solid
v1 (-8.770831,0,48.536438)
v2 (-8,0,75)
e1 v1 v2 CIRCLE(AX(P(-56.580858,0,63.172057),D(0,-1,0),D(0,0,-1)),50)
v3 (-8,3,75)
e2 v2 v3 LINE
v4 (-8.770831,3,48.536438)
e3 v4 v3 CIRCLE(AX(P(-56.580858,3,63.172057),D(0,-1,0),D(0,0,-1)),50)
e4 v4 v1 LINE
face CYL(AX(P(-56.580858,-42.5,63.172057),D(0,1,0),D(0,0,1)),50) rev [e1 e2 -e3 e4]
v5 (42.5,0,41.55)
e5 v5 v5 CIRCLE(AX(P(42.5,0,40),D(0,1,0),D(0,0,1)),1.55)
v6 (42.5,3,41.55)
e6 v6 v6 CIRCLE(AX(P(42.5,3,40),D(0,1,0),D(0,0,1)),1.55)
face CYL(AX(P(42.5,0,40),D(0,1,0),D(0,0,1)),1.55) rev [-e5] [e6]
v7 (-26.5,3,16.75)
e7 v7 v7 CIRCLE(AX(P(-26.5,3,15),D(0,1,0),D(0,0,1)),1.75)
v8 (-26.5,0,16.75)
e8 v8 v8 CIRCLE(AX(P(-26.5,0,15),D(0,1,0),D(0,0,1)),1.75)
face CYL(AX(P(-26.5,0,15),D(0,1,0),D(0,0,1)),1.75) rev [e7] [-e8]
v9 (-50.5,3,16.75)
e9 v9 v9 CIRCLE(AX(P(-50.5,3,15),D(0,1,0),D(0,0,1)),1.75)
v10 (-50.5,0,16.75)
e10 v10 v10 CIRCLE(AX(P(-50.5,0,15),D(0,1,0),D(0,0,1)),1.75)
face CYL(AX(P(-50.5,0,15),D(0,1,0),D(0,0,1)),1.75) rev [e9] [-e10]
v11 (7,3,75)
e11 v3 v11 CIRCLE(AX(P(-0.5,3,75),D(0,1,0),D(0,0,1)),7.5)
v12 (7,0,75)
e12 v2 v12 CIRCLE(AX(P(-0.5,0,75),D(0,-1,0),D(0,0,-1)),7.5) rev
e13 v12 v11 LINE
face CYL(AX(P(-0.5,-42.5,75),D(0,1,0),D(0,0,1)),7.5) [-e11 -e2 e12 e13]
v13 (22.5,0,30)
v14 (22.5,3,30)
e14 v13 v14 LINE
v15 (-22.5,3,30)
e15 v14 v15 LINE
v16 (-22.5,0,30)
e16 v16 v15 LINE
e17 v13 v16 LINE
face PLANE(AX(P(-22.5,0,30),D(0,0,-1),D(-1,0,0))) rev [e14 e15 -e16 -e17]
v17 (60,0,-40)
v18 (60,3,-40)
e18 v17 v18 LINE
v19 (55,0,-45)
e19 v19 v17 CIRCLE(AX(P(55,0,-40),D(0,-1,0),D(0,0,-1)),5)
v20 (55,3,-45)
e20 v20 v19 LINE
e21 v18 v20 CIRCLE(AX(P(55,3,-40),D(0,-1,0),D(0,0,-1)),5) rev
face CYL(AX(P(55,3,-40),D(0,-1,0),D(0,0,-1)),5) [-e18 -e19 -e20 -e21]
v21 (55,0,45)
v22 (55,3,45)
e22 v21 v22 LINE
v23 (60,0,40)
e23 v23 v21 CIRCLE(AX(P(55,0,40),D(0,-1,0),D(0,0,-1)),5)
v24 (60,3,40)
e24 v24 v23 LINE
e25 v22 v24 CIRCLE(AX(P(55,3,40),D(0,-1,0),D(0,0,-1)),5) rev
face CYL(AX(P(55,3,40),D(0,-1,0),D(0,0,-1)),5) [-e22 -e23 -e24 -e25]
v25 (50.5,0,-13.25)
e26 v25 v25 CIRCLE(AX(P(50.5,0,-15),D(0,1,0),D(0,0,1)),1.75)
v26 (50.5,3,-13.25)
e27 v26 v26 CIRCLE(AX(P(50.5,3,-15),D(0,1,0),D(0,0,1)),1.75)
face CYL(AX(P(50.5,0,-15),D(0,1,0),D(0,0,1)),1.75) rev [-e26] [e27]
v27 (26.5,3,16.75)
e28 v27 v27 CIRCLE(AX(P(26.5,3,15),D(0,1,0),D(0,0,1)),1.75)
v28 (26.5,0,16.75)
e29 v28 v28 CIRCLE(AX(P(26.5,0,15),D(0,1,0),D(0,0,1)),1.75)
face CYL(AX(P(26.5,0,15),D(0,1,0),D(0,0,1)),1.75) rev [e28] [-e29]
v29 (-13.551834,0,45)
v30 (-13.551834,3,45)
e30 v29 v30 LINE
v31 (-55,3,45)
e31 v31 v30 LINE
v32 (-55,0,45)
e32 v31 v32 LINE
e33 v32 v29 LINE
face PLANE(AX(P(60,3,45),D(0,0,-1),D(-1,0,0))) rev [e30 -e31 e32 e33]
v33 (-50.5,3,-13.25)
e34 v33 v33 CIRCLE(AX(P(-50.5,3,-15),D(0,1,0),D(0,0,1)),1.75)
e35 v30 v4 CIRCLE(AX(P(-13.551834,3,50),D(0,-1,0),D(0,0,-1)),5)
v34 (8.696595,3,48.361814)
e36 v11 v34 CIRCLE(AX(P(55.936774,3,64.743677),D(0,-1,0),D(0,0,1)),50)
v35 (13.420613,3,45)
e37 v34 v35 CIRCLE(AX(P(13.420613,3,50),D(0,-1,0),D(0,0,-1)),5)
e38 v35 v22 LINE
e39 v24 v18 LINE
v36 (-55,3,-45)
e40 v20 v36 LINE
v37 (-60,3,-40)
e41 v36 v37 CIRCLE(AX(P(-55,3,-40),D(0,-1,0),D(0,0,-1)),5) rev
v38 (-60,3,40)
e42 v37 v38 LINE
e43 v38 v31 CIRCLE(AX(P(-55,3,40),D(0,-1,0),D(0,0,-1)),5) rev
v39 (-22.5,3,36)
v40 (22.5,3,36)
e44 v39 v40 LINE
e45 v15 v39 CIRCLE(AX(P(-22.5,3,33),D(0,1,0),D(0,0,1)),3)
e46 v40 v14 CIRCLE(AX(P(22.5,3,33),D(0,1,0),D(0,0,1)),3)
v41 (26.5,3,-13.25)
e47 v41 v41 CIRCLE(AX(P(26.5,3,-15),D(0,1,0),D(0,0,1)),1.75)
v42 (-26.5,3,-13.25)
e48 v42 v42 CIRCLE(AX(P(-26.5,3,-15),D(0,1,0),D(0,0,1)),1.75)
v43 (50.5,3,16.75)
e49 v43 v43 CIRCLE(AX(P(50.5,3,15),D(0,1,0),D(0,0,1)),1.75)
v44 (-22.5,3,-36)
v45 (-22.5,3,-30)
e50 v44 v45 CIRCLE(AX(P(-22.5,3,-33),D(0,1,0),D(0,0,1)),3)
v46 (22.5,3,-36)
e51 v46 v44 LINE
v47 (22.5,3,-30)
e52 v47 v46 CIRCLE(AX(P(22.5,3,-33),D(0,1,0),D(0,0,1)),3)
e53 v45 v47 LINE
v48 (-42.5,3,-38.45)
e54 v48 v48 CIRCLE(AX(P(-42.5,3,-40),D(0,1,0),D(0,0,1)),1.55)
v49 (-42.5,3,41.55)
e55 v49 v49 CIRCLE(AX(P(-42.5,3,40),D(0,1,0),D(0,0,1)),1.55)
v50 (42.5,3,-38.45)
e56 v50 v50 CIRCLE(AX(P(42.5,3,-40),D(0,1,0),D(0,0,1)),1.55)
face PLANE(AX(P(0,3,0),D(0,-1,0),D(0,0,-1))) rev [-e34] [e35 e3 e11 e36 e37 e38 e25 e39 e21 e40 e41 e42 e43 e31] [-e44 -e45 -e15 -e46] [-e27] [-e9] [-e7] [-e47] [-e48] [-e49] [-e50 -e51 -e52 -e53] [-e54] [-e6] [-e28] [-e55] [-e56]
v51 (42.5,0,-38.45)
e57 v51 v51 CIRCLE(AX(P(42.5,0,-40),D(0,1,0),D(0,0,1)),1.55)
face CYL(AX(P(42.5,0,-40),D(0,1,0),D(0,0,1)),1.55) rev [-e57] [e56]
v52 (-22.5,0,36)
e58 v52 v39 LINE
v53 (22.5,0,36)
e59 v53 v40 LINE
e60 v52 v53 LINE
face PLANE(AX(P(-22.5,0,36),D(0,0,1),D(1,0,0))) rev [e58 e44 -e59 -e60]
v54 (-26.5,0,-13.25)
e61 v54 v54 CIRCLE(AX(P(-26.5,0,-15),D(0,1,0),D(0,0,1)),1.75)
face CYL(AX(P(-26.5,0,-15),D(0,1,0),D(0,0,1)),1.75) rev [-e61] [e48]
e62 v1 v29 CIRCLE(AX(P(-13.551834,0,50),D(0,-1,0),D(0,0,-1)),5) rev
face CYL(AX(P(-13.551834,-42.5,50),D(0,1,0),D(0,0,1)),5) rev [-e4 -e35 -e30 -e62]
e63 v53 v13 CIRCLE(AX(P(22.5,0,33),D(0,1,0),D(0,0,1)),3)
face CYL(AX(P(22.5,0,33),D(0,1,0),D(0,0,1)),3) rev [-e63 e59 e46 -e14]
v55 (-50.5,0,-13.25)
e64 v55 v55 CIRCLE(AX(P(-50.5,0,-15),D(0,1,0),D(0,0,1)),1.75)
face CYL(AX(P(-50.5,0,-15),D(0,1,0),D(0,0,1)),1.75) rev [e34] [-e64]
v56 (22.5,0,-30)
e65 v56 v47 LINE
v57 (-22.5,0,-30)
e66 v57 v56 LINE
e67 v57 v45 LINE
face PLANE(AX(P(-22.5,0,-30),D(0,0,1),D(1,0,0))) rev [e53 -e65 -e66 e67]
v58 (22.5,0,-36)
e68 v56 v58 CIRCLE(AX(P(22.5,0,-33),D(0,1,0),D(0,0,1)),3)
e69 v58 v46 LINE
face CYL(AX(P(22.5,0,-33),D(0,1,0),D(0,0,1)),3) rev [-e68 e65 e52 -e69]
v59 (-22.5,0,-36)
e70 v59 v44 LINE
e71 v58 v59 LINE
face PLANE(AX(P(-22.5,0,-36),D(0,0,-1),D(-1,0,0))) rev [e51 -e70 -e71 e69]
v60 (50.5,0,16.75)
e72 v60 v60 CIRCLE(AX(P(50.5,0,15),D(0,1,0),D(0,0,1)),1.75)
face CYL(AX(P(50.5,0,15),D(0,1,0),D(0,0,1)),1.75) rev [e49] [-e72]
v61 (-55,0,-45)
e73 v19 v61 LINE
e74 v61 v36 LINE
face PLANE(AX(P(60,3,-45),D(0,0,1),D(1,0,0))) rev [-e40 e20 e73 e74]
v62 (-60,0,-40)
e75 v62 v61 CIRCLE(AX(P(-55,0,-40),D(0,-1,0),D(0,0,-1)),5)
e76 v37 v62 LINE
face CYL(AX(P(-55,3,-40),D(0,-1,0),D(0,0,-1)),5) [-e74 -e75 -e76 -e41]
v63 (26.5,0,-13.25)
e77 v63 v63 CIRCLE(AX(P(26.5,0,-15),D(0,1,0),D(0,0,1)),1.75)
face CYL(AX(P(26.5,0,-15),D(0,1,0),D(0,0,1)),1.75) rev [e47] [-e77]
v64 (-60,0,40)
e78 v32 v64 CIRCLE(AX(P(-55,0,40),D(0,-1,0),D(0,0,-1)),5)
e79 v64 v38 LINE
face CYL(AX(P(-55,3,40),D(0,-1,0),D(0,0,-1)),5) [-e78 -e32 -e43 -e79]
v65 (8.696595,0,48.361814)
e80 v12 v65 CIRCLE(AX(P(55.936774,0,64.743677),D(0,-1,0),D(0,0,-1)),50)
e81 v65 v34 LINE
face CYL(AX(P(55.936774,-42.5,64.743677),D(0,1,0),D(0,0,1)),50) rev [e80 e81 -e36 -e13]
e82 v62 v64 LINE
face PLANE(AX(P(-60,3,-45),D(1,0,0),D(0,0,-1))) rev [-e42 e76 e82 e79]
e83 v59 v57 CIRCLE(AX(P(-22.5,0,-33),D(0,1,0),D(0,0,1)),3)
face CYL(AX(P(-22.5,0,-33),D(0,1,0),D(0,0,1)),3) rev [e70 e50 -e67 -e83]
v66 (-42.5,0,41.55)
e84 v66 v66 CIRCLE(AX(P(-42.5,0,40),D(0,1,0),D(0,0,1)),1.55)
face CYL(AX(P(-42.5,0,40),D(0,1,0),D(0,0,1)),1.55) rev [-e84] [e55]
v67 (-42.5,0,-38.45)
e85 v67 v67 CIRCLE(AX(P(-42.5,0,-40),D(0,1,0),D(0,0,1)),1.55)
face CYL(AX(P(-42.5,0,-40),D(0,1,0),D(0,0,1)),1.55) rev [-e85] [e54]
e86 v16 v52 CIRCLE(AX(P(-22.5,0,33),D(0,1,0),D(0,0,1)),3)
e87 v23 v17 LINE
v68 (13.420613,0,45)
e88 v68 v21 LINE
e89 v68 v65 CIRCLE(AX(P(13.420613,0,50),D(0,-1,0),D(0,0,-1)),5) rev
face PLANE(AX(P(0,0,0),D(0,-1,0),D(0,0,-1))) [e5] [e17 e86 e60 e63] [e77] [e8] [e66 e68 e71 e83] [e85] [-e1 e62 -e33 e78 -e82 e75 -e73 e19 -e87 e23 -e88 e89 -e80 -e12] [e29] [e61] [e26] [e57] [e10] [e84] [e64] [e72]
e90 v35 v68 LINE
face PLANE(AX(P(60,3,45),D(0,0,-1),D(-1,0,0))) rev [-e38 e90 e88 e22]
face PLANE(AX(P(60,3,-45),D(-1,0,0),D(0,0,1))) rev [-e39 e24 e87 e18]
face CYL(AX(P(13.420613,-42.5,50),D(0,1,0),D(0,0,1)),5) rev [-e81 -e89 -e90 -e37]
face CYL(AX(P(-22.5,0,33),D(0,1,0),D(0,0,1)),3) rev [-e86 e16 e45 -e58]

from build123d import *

# Parameters (mm, degrees)
SKETCH1_W           = 120
SKETCH1_H           = 90
BOSS_EXTRUDE1_DEPTH = 3
FILLET_1_R          = 5
CUT_EXTRUDE_1_DEPTH = 76.059976019
EXTRUDE_1_DEPTH     = 3
SKETCH_3_R          = 1.55
SKETCH_3_R_2        = 1.75
CUT_EXTRUDE_2_DEPTH = 103.055132159
FILLET_2_R          = 5


with BuildPart() as part:
    # Sketch1 → Boss-Extrude1 (new body)
    with BuildSketch(Plane(origin=(0, 0, 0), x_dir=(1, 0, 0), z_dir=(0, 1, 0))):
        Rectangle(SKETCH1_W, SKETCH1_H)
    extrude(amount=BOSS_EXTRUDE1_DEPTH)

    # 圆角1
    fillet_1_edges = [part.edges().sort_by_distance(p)[0] for p in [
        (60, 1.5, 45),
        (-60, 1.5, 45),
        (-60, 1.5, -45),
        (60, 1.5, -45),
    ]]
    fillet(fillet_1_edges, radius=FILLET_1_R)

    # 草图1 → 切除-拉伸1 (cut, through all)
    with BuildSketch(Plane(origin=(0, 3, 0), x_dir=(1, 0, 0), z_dir=(0, 1, 0))):
        with BuildLine():
            Line((-22.5, 36), (22.5, 36))
            ThreePointArc((22.5, 36), (25.5, 33), (22.5, 30))
            Line((22.5, 30), (-22.5, 30))
            ThreePointArc((-22.5, 30), (-25.5, 33), (-22.5, 36))
        make_face()
        with BuildLine():
            Line((-22.5, -30), (22.5, -30))
            ThreePointArc((22.5, -30), (25.5, -33), (22.5, -36))
            Line((22.5, -36), (-22.5, -36))
            ThreePointArc((-22.5, -36), (-25.5, -33), (-22.5, -30))
        make_face()
    extrude(amount=-CUT_EXTRUDE_1_DEPTH, mode=Mode.SUBTRACT)

    # 草图2 → 凸台-拉伸1 (add)
    with BuildSketch(Plane(origin=(0, 3, 0), x_dir=(1, 0, 0), z_dir=(0, 1, 0))):
        with BuildLine():
            Line((-10, -45), (10, -45))
            ThreePointArc((10, -45), (6.18491446, -59.768491446), (7, -75))
            ThreePointArc((7, -75), (-0.5, -82.5), (-8, -75))
            ThreePointArc((-8, -75), (-6.691600161, -59.846106677), (-10, -45))
        make_face()
    extrude(amount=-EXTRUDE_1_DEPTH)

    # 草图3 → 切除-拉伸2 (cut, through all)
    with BuildSketch(Plane(origin=(0, 3, 0), x_dir=(1, 0, 0), z_dir=(0, 1, 0))):
        with Locations(Location((42.5, -40, 0), (0, 0, 270))):
            Circle(SKETCH_3_R)
        with Locations(Location((42.5, 40, 0), (0, 0, 270))):
            Circle(SKETCH_3_R)
        with Locations(Location((-42.5, -40, 0), (0, 0, 270))):
            Circle(SKETCH_3_R)
        with Locations(Location((-42.5, 40, 0), (0, 0, 270))):
            Circle(SKETCH_3_R)
        with Locations(Location((-50.5, -15, 0), (0, 0, 270))):
            Circle(SKETCH_3_R_2)
        with Locations(Location((-26.5, -15, 0), (0, 0, 270))):
            Circle(SKETCH_3_R_2)
        with Locations(Location((-26.5, 15, 0), (0, 0, 270))):
            Circle(SKETCH_3_R_2)
        with Locations(Location((-50.5, 15, 0), (0, 0, 270))):
            Circle(SKETCH_3_R_2)
        with Locations(Location((50.5, -15, 0), (0, 0, 270))):
            Circle(SKETCH_3_R_2)
        with Locations(Location((50.5, 15, 0), (0, 0, 270))):
            Circle(SKETCH_3_R_2)
        with Locations(Location((26.5, -15, 0), (0, 0, 270))):
            Circle(SKETCH_3_R_2)
        with Locations(Location((26.5, 15, 0), (0, 0, 270))):
            Circle(SKETCH_3_R_2)
    extrude(amount=-CUT_EXTRUDE_2_DEPTH, mode=Mode.SUBTRACT)

    # 圆角2
    fillet_2_edges = [part.edges().sort_by_distance(p)[0] for p in [
        (10, 1.5, 45),
        (-10, 1.5, 45),
    ]]
    fillet(fillet_2_edges, radius=FILLET_2_R)


solid = part.part
